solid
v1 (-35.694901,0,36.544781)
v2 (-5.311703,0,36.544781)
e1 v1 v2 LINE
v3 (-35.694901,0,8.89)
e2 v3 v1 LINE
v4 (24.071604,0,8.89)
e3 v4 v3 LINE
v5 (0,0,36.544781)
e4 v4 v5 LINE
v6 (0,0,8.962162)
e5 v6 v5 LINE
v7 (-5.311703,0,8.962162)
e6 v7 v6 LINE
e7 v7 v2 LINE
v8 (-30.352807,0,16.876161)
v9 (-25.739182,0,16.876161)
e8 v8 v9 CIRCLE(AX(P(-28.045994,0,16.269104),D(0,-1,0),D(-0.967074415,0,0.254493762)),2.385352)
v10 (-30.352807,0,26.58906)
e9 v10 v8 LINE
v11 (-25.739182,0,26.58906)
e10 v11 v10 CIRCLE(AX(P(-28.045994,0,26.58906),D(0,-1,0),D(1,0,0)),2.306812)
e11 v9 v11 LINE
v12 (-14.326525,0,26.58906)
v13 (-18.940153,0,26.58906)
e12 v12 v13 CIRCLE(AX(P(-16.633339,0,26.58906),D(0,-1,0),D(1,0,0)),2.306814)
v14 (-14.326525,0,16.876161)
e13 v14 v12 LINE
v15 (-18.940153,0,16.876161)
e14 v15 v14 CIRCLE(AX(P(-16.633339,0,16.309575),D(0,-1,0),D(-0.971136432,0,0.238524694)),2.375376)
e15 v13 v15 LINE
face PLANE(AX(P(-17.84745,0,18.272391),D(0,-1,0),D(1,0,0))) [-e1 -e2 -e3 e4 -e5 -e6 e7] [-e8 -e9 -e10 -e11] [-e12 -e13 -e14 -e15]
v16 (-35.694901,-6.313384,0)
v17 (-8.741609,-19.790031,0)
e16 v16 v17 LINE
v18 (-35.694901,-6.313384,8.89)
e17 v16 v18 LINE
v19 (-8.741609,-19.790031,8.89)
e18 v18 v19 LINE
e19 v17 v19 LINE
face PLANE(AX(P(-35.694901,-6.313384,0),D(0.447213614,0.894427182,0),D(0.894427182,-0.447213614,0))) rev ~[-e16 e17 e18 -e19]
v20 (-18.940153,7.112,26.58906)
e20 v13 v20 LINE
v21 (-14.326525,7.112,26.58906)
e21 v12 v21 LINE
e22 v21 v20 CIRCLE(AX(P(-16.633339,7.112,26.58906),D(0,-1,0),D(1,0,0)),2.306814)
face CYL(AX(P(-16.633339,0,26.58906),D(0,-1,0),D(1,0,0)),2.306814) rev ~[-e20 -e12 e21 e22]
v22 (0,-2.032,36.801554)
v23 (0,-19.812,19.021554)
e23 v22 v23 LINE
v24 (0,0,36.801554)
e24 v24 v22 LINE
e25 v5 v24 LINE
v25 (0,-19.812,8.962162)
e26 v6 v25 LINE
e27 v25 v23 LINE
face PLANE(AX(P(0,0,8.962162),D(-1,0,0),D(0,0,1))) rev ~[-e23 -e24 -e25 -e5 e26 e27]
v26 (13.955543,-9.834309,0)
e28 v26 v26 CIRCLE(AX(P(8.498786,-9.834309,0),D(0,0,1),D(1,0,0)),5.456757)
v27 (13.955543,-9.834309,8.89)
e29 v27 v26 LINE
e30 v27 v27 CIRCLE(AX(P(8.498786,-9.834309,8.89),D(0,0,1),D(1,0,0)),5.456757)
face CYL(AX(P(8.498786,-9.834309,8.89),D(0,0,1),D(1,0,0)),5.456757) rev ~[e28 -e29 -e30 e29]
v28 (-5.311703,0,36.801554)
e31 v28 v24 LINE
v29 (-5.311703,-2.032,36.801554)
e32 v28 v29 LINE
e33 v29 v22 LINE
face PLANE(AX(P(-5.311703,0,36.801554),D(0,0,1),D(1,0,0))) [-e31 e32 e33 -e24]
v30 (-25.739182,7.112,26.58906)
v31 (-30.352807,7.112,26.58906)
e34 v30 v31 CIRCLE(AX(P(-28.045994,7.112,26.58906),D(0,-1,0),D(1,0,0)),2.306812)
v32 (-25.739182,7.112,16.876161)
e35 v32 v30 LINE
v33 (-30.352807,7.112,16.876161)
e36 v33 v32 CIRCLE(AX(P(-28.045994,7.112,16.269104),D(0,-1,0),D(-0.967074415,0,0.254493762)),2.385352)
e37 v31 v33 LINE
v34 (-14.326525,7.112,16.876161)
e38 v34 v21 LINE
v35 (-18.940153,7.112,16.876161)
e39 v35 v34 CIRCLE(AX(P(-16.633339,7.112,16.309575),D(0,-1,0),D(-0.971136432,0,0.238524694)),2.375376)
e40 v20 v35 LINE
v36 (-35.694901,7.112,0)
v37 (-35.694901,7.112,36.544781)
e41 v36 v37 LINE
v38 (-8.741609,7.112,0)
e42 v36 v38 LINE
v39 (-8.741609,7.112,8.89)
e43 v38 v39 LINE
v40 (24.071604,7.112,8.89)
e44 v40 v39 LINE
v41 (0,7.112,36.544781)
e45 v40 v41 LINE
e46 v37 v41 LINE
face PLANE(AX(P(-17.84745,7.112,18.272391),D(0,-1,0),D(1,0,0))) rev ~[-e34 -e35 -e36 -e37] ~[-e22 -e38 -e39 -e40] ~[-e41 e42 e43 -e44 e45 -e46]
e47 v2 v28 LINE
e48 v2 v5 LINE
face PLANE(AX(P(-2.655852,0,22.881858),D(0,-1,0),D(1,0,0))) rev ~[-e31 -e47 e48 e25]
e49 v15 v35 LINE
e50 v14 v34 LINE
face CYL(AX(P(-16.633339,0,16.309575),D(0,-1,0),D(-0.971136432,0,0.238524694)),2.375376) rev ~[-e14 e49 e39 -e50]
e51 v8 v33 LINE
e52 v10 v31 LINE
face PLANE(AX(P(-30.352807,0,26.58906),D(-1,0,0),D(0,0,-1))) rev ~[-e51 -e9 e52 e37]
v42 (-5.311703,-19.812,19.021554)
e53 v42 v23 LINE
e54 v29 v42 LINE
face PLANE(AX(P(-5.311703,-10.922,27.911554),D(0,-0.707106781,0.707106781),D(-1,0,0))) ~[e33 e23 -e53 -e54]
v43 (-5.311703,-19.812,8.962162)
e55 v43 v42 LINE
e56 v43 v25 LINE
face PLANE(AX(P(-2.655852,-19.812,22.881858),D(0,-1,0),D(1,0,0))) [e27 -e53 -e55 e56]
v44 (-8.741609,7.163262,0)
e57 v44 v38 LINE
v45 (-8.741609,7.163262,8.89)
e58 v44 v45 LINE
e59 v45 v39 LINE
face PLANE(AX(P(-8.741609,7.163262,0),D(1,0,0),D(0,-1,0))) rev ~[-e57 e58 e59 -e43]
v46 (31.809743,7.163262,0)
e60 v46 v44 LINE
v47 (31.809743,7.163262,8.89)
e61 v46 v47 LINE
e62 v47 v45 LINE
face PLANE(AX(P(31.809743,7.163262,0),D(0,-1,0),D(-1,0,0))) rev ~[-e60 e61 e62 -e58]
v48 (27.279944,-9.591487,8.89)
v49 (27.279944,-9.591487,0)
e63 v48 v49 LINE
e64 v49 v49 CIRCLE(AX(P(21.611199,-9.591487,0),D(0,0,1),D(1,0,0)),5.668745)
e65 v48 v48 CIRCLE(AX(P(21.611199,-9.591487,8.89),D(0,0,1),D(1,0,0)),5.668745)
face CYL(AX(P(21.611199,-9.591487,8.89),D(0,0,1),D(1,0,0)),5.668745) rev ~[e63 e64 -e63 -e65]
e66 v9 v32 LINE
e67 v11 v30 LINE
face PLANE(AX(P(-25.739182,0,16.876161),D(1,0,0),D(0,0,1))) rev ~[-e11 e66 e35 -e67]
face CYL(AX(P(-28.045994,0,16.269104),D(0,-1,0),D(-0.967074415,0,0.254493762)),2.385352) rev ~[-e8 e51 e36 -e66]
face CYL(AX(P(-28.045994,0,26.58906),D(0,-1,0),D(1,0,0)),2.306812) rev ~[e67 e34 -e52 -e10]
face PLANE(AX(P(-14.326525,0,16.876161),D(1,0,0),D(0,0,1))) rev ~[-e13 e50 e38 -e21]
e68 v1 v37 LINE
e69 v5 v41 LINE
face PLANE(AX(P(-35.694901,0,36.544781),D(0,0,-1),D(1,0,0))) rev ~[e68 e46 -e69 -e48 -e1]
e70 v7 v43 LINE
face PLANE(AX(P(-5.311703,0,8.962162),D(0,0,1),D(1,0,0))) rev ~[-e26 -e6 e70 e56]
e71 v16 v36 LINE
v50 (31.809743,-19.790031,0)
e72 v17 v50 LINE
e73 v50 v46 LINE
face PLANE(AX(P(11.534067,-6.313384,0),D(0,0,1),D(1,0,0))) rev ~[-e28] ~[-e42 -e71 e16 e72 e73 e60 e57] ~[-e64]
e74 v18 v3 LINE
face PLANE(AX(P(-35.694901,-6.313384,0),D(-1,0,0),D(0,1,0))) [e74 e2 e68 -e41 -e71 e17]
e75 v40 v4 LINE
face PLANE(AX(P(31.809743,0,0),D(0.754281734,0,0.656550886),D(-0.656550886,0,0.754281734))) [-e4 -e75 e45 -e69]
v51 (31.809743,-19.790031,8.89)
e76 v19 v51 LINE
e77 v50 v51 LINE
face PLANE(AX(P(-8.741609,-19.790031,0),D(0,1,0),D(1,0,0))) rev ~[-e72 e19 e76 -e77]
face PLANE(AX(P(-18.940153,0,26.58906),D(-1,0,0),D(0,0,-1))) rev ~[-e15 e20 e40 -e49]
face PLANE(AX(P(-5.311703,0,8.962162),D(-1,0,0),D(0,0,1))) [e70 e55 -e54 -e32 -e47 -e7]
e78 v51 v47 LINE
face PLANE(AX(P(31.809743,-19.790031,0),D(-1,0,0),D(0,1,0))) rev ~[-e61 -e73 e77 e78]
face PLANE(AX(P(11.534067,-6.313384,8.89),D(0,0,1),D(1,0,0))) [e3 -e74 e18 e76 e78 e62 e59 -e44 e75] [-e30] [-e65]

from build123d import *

# Parameters (mm, degrees)
F0_W      = 35.6949009001
F0_H      = 36.5447811782
F1_DEPTH  = 7.112
F2_W      = 26.9532920793
F2_H      = 13.2338248659
F3_DEPTH  = 8.89
F4_W      = 5.3117033094
F4_H      = 27.8393924236
F5_DEPTH  = 19.812
F6_SIZE   = 17.78
F8_DEPTH  = 25.4
F9_R      = 5.4567571196
F9_R_2    = 5.6687450147
F10_DEPTH = 25.4


with BuildPart() as f1:
    # F0 (on Front) → F1 (new body)
    with BuildSketch(Plane.XZ):
        with Locations((-17.8474504501, 18.2723905891)):
            Rectangle(F0_W, F0_H)
        Polygon((0, 36.5447811782), (0, 0), (31.8097434938, 0), align=None)
    extrude(amount=-F1_DEPTH)

    # F2 (on Top) → F3 (join)
    with BuildSketch(Plane.XY):
        Polygon((31.8097434938, 7.1632624604), (-8.7416088209, 7.1632624604), (-8.7416088209, 6.9204405881), (-8.7416088209, -6.3133842777), (-8.7416088209, -19.7900310159), (31.8097434938, -19.7900310159), align=None)
        with Locations((-22.2182548605, 0.3035281552)):
            Rectangle(F2_W, F2_H)
        Polygon((-8.7416088209, -19.7900310159), (-8.7416088209, -6.3133842777), (-35.6949009001, -6.3133842777), align=None)
    extrude(amount=F3_DEPTH)

    # F4 (on Front) → F5 (join)
    with BuildSketch(Plane.XZ):
        with Locations((-2.6558516547, 22.8818580508)):
            Rectangle(F4_W, F4_H)
    extrude(amount=F5_DEPTH)

    # F6
    f6_edges = [f1.edges().sort_by_distance(p)[0] for p in [
        (-2.655852, -19.812, 36.801554),
    ]]
    chamfer(f6_edges, length=F6_SIZE)

    # F7 (on Front) → F8 (cut)
    with BuildSketch(Plane.XZ):
        with BuildLine():
            ThreePointArc((-25.7391817868, 26.5890602022), (-28.0459942296, 28.8958726451), (-30.3528066725, 26.5890602022))
            Line((-30.3528066725, 26.5890602022), (-30.3528066725, 16.8761610985))
            ThreePointArc((-30.3528066725, 16.8761610985), (-28.0459942296, 13.8837524755), (-25.7391817868, 16.8761610985))
            Line((-25.7391817868, 16.8761610985), (-25.7391817868, 26.5890602022))
        make_face()
        with BuildLine():
            Line((-18.9401526004, 26.5890602022), (-18.9401526004, 16.8761610985))
            ThreePointArc((-18.9401526004, 16.8761610985), (-16.6333387606, 13.93419969), (-14.3265249208, 16.8761610985))
            Line((-14.3265249208, 16.8761610985), (-14.3265249208, 26.5890602022))
            ThreePointArc((-14.3265249208, 26.5890602022), (-16.6333387606, 28.8958740421), (-18.9401526004, 26.5890602022))
        make_face()
    extrude(amount=-F8_DEPTH, mode=Mode.SUBTRACT)

    # F9 (on face) → F10 (cut)
    with BuildSketch(Plane.XY.offset(8.89)):
        with Locations((8.4987860173, -9.8343091086)):
            Circle(F9_R)
        with Locations((21.6111987829, -9.5914872363)):
            Circle(F9_R_2)
    extrude(amount=-F10_DEPTH, mode=Mode.SUBTRACT)


solid = f1.part
